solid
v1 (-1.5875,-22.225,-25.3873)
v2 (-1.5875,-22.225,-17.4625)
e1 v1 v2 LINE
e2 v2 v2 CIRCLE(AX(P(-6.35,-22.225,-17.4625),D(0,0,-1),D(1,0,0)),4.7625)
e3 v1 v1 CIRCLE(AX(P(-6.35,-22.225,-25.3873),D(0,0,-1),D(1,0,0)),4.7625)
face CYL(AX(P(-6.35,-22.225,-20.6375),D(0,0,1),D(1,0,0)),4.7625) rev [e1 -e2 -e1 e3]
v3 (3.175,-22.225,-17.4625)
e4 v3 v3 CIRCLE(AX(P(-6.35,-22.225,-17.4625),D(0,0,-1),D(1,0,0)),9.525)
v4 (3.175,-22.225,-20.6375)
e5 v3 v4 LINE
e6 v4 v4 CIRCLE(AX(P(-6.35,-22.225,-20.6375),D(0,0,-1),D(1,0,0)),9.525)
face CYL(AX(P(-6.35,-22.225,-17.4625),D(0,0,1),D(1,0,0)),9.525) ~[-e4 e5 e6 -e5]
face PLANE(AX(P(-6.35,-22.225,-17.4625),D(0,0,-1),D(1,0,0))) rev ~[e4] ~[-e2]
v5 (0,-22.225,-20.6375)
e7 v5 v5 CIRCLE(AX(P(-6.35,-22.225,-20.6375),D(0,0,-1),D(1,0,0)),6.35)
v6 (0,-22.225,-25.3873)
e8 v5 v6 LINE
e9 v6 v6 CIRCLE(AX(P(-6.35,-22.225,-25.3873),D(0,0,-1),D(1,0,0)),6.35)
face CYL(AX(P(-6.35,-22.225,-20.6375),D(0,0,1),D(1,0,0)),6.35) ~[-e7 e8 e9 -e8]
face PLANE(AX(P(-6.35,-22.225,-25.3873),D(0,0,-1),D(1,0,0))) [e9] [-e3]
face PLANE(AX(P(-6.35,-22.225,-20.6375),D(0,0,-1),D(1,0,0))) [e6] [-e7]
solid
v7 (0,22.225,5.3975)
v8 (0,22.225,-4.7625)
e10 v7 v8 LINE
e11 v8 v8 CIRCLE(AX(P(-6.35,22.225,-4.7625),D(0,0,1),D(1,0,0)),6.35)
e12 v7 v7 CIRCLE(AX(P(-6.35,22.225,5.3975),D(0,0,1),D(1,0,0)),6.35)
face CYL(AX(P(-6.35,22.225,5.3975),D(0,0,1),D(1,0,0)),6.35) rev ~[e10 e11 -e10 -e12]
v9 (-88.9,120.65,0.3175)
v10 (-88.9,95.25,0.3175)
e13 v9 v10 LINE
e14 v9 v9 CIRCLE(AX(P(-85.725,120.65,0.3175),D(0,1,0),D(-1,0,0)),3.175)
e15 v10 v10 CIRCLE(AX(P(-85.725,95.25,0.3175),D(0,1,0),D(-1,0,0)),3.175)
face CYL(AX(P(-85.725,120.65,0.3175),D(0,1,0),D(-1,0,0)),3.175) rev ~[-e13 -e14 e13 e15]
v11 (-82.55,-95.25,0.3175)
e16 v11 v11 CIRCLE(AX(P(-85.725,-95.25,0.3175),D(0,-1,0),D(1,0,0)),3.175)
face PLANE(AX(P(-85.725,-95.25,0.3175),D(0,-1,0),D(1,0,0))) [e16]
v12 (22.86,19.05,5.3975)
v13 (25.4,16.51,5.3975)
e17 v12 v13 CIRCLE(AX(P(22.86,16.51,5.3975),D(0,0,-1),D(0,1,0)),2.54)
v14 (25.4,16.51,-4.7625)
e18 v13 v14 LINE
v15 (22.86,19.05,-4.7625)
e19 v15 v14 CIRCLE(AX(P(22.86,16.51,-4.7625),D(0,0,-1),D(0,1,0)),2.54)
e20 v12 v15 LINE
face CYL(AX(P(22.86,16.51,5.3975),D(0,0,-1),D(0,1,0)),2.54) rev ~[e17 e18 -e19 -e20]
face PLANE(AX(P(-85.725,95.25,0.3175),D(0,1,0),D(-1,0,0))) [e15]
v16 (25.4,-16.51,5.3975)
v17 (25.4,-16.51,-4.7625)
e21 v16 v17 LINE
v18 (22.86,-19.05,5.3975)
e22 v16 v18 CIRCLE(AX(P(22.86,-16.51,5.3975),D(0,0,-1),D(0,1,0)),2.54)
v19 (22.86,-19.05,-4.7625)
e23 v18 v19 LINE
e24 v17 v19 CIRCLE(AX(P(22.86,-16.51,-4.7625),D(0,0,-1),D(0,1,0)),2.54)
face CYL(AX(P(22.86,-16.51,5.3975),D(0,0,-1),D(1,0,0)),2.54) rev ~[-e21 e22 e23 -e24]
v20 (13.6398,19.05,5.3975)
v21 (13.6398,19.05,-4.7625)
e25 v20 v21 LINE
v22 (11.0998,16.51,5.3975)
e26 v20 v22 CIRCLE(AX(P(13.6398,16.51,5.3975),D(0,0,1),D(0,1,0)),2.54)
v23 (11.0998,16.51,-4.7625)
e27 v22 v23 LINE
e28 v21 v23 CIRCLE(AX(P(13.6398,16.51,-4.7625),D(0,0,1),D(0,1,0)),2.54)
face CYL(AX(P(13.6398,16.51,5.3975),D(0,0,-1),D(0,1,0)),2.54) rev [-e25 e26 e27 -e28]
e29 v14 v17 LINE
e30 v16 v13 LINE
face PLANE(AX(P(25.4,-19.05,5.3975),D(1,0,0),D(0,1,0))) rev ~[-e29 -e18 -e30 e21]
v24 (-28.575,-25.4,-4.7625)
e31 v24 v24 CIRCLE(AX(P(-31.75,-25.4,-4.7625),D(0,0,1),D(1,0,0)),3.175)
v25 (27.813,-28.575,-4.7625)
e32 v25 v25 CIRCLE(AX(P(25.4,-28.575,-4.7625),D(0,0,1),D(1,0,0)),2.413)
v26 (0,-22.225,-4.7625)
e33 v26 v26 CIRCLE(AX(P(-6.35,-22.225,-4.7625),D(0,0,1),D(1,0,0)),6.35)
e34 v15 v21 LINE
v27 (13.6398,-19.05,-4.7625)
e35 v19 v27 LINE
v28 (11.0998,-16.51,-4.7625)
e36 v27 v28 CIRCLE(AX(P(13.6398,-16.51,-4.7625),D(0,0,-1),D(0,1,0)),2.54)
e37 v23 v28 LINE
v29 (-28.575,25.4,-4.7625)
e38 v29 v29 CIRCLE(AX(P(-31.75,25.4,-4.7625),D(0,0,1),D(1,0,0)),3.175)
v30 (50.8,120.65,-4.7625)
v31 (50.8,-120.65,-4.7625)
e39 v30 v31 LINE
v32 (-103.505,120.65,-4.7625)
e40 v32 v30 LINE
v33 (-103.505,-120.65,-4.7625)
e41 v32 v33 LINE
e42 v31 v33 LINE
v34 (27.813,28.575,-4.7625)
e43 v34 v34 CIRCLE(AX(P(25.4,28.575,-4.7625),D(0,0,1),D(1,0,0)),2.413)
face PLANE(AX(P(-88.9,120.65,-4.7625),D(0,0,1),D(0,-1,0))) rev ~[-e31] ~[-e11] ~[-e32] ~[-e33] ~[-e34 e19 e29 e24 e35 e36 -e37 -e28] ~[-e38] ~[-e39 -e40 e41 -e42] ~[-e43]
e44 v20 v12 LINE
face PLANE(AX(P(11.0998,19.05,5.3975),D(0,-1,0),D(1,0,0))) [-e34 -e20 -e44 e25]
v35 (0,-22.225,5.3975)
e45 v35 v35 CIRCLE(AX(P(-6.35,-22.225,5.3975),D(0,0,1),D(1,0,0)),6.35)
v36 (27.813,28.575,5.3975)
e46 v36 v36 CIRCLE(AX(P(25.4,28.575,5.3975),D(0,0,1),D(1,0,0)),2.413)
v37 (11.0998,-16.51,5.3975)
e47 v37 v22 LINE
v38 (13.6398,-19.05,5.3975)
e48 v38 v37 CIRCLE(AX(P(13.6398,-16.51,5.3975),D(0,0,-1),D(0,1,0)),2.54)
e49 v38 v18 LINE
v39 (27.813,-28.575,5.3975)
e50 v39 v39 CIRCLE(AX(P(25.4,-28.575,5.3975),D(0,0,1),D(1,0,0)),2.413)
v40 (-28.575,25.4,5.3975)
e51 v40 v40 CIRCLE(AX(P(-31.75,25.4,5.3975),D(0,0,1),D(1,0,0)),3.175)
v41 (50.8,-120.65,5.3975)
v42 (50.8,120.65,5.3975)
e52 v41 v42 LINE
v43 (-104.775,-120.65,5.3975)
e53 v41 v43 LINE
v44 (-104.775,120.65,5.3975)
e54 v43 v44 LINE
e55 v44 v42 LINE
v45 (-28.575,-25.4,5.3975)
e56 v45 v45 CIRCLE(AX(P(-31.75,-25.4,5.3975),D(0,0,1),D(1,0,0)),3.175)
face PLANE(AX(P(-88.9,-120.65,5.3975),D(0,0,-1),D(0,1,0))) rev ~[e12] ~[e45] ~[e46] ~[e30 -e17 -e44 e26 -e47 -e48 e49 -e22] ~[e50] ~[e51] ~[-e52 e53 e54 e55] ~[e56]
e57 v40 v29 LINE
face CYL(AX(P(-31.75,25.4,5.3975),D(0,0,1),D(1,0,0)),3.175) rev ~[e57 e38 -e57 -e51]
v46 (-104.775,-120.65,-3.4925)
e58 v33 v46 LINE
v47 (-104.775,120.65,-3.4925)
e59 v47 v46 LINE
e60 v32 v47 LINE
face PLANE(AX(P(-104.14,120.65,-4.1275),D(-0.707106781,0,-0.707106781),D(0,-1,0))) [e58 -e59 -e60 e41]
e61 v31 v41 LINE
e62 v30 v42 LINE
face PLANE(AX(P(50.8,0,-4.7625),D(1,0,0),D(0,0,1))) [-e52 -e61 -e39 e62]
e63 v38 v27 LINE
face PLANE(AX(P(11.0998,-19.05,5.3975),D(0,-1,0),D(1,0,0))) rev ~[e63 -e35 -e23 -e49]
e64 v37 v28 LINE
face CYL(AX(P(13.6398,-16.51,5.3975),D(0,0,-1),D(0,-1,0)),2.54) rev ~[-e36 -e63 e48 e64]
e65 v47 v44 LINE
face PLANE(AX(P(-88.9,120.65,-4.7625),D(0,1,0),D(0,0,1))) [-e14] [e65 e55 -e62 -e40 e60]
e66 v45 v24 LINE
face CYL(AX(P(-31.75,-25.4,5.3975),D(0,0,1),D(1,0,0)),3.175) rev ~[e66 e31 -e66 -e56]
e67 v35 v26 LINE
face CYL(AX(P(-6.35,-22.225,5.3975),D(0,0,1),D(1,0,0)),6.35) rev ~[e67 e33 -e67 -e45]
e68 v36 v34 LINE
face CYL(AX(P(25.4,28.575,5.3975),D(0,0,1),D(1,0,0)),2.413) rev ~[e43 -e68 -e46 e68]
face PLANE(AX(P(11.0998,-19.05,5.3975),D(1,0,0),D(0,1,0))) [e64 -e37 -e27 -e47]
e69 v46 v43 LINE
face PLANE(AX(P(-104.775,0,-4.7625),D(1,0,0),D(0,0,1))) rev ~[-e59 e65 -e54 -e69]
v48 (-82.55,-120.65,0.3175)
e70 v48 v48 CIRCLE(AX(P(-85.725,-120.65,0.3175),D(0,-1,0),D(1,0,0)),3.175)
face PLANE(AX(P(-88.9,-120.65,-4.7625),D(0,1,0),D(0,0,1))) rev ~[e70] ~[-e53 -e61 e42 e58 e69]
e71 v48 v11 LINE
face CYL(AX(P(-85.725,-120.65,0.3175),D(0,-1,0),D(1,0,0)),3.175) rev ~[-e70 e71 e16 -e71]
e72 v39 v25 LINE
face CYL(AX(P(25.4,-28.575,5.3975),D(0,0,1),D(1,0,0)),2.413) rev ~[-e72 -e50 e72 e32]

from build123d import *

# Parameters (mm, degrees)
F0_W          = 139.7
F0_H          = 10.16
F1_DEPTH      = 120.65
F1_DEPTH_BACK = 120.65
F2_R          = 3.175
F2_R_2        = 6.35
F2_R_3        = 2.413
F2_W          = 14.3002
F2_H          = 38.1
F3_DEPTH      = 10.161
F4_R          = 2.54
F5_DEPTH      = 15.875
F6_R          = 3.175
F7_DEPTH      = 25.4
F8_R          = 3.175
F9_DEPTH      = 25.4
F10_SIZE      = 1.27
F12_R         = 9.525
F12_R_2       = 4.7625
F13_DEPTH     = 3.175
F14_R         = 6.35
F14_R_2       = 4.7625
F15_DEPTH     = 4.7498


with BuildPart() as f1:
    # F0 (on Front) → F1 (new body, two sides)
    with BuildSketch(Plane.XZ) as f1_sk:
        with Locations((-19.05, 0.3175)):
            Rectangle(F0_W, F0_H)
    extrude(amount=F1_DEPTH)
    extrude(f1_sk.sketch, amount=-F1_DEPTH_BACK)

    # F2 (on face) → F3 (cut, through all)
    with BuildSketch(Plane.XY.offset(5.3975)):
        with Locations((-31.75, 25.4)):
            Circle(F2_R)
        with Locations((-31.75, -25.4)):
            Circle(F2_R)
        with Locations((-6.35, 22.225)):
            Circle(F2_R_2)
        with Locations((-6.35, -22.225)):
            Circle(F2_R_2)
        with Locations((25.4, 28.575)):
            Circle(F2_R_3)
        with Locations((25.4, -28.575)):
            Circle(F2_R_3)
        with Locations((18.2499, 0)):
            Rectangle(F2_W, F2_H)
    extrude(amount=-F3_DEPTH, mode=Mode.SUBTRACT)

    # F4
    f4_edges = [f1.edges().sort_by_distance(p)[0] for p in [
        (11.0998, 19.05, 0.3175),
        (25.4, 19.05, 0.3175),
        (11.0998, -19.05, 0.3175),
        (25.4, -19.05, 0.3175),
    ]]
    fillet(f4_edges, radius=F4_R)

    # F5 (add): a face of the model
    f5_faces = [f1.faces().sort_by_distance(p)[0] for p in [
        (-88.9, 0, 0.3175),
    ]]
    extrude(f5_faces, amount=F5_DEPTH)

    # F6 (on face) → F7 (cut)
    with BuildSketch(Plane.XZ.offset(120.65)):
        with Locations((-85.725, 0.3175)):
            Circle(F6_R)
    extrude(amount=-F7_DEPTH, mode=Mode.SUBTRACT)

    # F8 (on face) → F9 (cut)
    with BuildSketch(Plane(origin=(0, 120.65, 0), x_dir=(-1, 0, 0), z_dir=(0, 1, 0))):
        with Locations((85.725, 0.3175)):
            Circle(F8_R)
    extrude(amount=-F9_DEPTH, mode=Mode.SUBTRACT)

    # F10
    f10_edges = [f1.edges().sort_by_distance(p)[0] for p in [
        (-104.775, 0, -4.7625),
    ]]
    chamfer(f10_edges, length=F10_SIZE)


with BuildPart() as f13:
    # F12 (on offset) → F13 (new body)
    with BuildSketch(Plane(origin=(0, 0, -17.4625), x_dir=(1, 0, 0), z_dir=(0, 0, -1))):
        with Locations((-6.35, 22.225)):
            Circle(F12_R)
        with Locations((-6.35, 22.225)):
            Circle(F12_R_2, mode=Mode.SUBTRACT)
    extrude(amount=F13_DEPTH)

    # F14 (on face) → F15 (join)
    with BuildSketch(Plane(origin=(0, 0, -20.6375), x_dir=(1, 0, 0), z_dir=(0, 0, -1))):
        with Locations((-6.35, 22.225)):
            Circle(F14_R)
        with Locations((-6.35, 22.225)):
            Circle(F14_R_2, mode=Mode.SUBTRACT)
    extrude(amount=F15_DEPTH)


solid = Compound([f1.part, f13.part])
